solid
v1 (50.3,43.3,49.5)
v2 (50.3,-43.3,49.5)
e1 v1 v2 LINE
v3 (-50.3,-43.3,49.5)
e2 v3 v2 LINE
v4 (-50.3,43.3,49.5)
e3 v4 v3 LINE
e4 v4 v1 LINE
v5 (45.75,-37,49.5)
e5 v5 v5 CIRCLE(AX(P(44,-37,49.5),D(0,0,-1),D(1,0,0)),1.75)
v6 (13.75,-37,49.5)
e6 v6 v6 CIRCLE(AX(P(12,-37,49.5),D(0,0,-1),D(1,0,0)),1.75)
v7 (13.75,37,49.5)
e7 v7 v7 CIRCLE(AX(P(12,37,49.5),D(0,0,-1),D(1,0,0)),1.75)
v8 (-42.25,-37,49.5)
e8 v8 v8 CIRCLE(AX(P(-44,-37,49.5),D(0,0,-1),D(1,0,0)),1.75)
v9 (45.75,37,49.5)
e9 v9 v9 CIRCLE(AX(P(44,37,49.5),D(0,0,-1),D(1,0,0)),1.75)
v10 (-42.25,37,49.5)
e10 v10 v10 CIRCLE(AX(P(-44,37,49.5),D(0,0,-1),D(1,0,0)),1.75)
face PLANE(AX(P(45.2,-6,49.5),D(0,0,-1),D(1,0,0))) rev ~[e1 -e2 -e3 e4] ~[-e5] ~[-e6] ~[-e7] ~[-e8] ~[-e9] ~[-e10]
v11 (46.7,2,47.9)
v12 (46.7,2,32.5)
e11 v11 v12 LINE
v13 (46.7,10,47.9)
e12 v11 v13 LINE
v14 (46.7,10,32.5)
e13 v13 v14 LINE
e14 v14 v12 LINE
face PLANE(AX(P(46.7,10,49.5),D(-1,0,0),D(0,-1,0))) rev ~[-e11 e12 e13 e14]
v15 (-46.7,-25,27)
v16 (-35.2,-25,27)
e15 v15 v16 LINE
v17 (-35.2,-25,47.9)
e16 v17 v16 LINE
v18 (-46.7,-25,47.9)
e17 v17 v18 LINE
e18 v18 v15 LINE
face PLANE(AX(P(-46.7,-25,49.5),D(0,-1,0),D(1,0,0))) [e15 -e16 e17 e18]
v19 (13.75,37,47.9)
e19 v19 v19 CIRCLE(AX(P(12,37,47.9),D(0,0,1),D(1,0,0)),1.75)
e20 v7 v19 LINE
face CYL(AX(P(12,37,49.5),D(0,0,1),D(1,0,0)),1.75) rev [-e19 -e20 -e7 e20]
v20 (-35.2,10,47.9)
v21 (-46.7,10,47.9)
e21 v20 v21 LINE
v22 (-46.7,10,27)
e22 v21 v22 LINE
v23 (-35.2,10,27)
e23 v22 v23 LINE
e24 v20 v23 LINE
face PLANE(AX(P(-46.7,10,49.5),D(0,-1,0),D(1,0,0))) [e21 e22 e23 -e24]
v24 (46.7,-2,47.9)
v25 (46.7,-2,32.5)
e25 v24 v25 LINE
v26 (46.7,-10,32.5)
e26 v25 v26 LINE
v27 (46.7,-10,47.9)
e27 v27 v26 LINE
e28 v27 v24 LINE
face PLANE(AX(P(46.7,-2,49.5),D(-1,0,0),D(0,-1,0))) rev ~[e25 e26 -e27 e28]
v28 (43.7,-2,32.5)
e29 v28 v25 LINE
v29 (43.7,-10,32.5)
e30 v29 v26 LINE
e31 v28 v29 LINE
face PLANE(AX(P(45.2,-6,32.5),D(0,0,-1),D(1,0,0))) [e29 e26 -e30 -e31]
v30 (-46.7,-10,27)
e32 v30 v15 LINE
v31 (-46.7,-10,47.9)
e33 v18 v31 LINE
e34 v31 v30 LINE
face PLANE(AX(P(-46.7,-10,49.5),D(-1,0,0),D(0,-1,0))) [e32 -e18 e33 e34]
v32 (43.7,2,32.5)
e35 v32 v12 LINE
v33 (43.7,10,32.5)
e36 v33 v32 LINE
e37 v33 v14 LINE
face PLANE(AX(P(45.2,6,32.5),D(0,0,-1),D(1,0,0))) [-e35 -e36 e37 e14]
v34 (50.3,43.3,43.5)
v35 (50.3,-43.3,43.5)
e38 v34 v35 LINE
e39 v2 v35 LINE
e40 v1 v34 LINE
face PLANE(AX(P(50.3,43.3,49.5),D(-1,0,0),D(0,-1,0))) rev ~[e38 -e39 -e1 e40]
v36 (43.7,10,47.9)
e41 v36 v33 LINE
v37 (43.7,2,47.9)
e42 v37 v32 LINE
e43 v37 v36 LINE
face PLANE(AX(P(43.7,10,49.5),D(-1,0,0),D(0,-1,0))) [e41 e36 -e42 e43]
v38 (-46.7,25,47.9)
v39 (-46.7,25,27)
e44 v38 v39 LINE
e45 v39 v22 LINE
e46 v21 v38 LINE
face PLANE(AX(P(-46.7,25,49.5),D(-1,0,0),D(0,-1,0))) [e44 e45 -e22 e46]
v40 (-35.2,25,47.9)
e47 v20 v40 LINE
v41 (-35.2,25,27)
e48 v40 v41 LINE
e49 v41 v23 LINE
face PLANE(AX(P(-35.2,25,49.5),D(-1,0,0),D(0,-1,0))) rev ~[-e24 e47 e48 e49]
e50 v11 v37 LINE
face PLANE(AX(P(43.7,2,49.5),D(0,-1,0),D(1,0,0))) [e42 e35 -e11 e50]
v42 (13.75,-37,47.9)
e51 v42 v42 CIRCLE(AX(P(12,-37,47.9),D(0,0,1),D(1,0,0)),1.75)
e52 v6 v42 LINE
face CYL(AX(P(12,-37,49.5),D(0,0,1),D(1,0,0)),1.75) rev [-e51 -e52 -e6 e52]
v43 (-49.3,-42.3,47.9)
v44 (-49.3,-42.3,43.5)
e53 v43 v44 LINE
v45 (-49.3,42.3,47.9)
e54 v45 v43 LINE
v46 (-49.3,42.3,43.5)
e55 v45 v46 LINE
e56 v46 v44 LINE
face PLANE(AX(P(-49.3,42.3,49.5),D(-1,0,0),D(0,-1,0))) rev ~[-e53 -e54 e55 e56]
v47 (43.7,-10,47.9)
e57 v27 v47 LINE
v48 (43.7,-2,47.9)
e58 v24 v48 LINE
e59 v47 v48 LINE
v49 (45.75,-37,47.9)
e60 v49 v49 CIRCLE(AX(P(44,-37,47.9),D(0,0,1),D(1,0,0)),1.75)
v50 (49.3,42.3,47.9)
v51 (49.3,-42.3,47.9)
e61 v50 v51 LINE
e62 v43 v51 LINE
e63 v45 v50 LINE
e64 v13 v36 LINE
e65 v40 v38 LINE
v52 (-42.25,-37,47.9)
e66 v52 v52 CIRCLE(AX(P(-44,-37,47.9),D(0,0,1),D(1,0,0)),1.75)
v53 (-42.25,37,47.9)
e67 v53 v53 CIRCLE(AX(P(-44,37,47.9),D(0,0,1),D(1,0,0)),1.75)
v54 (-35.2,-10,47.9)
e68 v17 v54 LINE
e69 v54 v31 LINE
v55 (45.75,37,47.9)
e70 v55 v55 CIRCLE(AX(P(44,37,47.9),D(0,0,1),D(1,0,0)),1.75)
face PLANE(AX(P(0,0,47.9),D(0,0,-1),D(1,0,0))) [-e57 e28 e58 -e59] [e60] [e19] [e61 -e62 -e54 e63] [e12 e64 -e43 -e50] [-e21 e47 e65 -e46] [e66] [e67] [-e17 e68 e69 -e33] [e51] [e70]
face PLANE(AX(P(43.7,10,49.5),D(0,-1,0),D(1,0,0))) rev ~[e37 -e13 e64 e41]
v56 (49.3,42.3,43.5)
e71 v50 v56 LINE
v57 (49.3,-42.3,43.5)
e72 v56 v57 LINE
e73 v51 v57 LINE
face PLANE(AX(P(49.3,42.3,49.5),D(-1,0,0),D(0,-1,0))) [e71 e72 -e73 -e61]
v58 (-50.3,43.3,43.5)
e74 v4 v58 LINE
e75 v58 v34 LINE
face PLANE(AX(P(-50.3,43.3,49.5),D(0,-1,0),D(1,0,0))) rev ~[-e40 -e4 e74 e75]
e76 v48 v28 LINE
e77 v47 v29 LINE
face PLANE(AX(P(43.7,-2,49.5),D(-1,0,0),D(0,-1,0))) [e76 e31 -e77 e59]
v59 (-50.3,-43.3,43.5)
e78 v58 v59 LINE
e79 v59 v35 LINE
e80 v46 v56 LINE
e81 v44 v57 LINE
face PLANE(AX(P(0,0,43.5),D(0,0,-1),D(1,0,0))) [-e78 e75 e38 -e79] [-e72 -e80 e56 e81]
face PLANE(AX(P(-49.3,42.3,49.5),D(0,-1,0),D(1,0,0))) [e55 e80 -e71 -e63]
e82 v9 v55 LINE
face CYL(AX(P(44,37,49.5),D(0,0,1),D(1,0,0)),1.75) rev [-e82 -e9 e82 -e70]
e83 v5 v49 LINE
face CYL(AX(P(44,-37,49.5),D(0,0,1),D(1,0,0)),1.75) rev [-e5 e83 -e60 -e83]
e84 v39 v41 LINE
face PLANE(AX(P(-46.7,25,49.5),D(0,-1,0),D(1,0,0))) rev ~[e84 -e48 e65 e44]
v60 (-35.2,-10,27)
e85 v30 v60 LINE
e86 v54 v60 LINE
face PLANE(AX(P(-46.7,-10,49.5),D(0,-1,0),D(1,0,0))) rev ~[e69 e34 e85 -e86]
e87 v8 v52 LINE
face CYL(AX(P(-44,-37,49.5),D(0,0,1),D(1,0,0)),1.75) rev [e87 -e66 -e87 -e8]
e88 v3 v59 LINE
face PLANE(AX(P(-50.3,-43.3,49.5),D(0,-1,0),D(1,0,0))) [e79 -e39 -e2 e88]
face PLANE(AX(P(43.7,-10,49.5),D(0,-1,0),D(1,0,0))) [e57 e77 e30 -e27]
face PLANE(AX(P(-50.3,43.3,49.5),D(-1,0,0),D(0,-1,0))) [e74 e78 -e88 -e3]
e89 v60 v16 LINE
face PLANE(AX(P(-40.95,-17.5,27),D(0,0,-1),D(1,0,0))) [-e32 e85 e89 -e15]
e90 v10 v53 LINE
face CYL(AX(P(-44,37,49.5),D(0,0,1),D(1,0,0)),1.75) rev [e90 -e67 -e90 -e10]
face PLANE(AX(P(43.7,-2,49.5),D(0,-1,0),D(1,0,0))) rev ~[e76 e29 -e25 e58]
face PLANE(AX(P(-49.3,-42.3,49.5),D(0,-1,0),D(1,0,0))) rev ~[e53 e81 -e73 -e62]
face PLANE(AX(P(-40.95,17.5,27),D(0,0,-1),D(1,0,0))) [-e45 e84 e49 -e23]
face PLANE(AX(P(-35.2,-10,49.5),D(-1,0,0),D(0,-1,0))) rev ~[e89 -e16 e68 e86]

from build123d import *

# Parameters (mm, degrees)
SKETCH031_W             = 98.6
SKETCH031_H             = 84.6
PAD021_DEPTH            = 1.6
SKETCH032_W             = 100.6
SKETCH032_H             = 86.6
SKETCH032_W_2           = 98.6
SKETCH032_H_2           = 84.6
PAD022_DEPTH            = 6
SKETCH034_W             = 11.5
SKETCH034_H             = 15
PAD023_DEPTH            = 22.5
SKETCH035_W             = 3
SKETCH035_H             = 8
PAD024_DEPTH            = 17
SKETCH033_R             = 1.75
POCKET010_DEPTH         = 5
BODY007_PLACEMENT_ANGLE = 180


with BuildPart() as part:
    # Sketch031 → Pad021 (new body)
    with BuildSketch(Plane.XY):
        Rectangle(SKETCH031_W, SKETCH031_H)
    extrude(amount=PAD021_DEPTH)

    # Sketch032 → Pad022 (join)
    with BuildSketch(Plane.XY):
        Rectangle(SKETCH032_W, SKETCH032_H)
        Rectangle(SKETCH032_W_2, SKETCH032_H_2, mode=Mode.SUBTRACT)
    extrude(amount=PAD022_DEPTH)

    # Sketch034 → Pad023 (join)
    with BuildSketch(Plane.XY):
        with Locations((-40.95, 17.5)):
            Rectangle(SKETCH034_W, SKETCH034_H)
        with Locations((-40.95, -17.5)):
            Rectangle(SKETCH034_W, SKETCH034_H)
    extrude(amount=PAD023_DEPTH)

    # Sketch035 → Pad024 (join)
    with BuildSketch(Plane.XY):
        with Locations((45.2, 6)):
            Rectangle(SKETCH035_W, SKETCH035_H)
        with Locations((45.2, -6)):
            Rectangle(SKETCH035_W, SKETCH035_H)
    extrude(amount=PAD024_DEPTH)

    # Sketch033 → Pocket010 (cut)
    with BuildSketch(Plane.XY):
        with Locations((-44, 37)):
            Circle(SKETCH033_R)
        with Locations((12, 37)):
            Circle(SKETCH033_R)
        with Locations((44, 37)):
            Circle(SKETCH033_R)
        with Locations((44, -37)):
            Circle(SKETCH033_R)
        with Locations((12, -37)):
            Circle(SKETCH033_R)
        with Locations((-44, -37)):
            Circle(SKETCH033_R)
    extrude(amount=POCKET010_DEPTH, mode=Mode.SUBTRACT)


with BuildPart() as part_1:
    # Body007 placement: moved
    add(part.part.moved(Location((0, 0, 49.5))).rotate(Axis((0, 0, 49.5), (1, 0, 0)), BODY007_PLACEMENT_ANGLE))


solid = part_1.part
